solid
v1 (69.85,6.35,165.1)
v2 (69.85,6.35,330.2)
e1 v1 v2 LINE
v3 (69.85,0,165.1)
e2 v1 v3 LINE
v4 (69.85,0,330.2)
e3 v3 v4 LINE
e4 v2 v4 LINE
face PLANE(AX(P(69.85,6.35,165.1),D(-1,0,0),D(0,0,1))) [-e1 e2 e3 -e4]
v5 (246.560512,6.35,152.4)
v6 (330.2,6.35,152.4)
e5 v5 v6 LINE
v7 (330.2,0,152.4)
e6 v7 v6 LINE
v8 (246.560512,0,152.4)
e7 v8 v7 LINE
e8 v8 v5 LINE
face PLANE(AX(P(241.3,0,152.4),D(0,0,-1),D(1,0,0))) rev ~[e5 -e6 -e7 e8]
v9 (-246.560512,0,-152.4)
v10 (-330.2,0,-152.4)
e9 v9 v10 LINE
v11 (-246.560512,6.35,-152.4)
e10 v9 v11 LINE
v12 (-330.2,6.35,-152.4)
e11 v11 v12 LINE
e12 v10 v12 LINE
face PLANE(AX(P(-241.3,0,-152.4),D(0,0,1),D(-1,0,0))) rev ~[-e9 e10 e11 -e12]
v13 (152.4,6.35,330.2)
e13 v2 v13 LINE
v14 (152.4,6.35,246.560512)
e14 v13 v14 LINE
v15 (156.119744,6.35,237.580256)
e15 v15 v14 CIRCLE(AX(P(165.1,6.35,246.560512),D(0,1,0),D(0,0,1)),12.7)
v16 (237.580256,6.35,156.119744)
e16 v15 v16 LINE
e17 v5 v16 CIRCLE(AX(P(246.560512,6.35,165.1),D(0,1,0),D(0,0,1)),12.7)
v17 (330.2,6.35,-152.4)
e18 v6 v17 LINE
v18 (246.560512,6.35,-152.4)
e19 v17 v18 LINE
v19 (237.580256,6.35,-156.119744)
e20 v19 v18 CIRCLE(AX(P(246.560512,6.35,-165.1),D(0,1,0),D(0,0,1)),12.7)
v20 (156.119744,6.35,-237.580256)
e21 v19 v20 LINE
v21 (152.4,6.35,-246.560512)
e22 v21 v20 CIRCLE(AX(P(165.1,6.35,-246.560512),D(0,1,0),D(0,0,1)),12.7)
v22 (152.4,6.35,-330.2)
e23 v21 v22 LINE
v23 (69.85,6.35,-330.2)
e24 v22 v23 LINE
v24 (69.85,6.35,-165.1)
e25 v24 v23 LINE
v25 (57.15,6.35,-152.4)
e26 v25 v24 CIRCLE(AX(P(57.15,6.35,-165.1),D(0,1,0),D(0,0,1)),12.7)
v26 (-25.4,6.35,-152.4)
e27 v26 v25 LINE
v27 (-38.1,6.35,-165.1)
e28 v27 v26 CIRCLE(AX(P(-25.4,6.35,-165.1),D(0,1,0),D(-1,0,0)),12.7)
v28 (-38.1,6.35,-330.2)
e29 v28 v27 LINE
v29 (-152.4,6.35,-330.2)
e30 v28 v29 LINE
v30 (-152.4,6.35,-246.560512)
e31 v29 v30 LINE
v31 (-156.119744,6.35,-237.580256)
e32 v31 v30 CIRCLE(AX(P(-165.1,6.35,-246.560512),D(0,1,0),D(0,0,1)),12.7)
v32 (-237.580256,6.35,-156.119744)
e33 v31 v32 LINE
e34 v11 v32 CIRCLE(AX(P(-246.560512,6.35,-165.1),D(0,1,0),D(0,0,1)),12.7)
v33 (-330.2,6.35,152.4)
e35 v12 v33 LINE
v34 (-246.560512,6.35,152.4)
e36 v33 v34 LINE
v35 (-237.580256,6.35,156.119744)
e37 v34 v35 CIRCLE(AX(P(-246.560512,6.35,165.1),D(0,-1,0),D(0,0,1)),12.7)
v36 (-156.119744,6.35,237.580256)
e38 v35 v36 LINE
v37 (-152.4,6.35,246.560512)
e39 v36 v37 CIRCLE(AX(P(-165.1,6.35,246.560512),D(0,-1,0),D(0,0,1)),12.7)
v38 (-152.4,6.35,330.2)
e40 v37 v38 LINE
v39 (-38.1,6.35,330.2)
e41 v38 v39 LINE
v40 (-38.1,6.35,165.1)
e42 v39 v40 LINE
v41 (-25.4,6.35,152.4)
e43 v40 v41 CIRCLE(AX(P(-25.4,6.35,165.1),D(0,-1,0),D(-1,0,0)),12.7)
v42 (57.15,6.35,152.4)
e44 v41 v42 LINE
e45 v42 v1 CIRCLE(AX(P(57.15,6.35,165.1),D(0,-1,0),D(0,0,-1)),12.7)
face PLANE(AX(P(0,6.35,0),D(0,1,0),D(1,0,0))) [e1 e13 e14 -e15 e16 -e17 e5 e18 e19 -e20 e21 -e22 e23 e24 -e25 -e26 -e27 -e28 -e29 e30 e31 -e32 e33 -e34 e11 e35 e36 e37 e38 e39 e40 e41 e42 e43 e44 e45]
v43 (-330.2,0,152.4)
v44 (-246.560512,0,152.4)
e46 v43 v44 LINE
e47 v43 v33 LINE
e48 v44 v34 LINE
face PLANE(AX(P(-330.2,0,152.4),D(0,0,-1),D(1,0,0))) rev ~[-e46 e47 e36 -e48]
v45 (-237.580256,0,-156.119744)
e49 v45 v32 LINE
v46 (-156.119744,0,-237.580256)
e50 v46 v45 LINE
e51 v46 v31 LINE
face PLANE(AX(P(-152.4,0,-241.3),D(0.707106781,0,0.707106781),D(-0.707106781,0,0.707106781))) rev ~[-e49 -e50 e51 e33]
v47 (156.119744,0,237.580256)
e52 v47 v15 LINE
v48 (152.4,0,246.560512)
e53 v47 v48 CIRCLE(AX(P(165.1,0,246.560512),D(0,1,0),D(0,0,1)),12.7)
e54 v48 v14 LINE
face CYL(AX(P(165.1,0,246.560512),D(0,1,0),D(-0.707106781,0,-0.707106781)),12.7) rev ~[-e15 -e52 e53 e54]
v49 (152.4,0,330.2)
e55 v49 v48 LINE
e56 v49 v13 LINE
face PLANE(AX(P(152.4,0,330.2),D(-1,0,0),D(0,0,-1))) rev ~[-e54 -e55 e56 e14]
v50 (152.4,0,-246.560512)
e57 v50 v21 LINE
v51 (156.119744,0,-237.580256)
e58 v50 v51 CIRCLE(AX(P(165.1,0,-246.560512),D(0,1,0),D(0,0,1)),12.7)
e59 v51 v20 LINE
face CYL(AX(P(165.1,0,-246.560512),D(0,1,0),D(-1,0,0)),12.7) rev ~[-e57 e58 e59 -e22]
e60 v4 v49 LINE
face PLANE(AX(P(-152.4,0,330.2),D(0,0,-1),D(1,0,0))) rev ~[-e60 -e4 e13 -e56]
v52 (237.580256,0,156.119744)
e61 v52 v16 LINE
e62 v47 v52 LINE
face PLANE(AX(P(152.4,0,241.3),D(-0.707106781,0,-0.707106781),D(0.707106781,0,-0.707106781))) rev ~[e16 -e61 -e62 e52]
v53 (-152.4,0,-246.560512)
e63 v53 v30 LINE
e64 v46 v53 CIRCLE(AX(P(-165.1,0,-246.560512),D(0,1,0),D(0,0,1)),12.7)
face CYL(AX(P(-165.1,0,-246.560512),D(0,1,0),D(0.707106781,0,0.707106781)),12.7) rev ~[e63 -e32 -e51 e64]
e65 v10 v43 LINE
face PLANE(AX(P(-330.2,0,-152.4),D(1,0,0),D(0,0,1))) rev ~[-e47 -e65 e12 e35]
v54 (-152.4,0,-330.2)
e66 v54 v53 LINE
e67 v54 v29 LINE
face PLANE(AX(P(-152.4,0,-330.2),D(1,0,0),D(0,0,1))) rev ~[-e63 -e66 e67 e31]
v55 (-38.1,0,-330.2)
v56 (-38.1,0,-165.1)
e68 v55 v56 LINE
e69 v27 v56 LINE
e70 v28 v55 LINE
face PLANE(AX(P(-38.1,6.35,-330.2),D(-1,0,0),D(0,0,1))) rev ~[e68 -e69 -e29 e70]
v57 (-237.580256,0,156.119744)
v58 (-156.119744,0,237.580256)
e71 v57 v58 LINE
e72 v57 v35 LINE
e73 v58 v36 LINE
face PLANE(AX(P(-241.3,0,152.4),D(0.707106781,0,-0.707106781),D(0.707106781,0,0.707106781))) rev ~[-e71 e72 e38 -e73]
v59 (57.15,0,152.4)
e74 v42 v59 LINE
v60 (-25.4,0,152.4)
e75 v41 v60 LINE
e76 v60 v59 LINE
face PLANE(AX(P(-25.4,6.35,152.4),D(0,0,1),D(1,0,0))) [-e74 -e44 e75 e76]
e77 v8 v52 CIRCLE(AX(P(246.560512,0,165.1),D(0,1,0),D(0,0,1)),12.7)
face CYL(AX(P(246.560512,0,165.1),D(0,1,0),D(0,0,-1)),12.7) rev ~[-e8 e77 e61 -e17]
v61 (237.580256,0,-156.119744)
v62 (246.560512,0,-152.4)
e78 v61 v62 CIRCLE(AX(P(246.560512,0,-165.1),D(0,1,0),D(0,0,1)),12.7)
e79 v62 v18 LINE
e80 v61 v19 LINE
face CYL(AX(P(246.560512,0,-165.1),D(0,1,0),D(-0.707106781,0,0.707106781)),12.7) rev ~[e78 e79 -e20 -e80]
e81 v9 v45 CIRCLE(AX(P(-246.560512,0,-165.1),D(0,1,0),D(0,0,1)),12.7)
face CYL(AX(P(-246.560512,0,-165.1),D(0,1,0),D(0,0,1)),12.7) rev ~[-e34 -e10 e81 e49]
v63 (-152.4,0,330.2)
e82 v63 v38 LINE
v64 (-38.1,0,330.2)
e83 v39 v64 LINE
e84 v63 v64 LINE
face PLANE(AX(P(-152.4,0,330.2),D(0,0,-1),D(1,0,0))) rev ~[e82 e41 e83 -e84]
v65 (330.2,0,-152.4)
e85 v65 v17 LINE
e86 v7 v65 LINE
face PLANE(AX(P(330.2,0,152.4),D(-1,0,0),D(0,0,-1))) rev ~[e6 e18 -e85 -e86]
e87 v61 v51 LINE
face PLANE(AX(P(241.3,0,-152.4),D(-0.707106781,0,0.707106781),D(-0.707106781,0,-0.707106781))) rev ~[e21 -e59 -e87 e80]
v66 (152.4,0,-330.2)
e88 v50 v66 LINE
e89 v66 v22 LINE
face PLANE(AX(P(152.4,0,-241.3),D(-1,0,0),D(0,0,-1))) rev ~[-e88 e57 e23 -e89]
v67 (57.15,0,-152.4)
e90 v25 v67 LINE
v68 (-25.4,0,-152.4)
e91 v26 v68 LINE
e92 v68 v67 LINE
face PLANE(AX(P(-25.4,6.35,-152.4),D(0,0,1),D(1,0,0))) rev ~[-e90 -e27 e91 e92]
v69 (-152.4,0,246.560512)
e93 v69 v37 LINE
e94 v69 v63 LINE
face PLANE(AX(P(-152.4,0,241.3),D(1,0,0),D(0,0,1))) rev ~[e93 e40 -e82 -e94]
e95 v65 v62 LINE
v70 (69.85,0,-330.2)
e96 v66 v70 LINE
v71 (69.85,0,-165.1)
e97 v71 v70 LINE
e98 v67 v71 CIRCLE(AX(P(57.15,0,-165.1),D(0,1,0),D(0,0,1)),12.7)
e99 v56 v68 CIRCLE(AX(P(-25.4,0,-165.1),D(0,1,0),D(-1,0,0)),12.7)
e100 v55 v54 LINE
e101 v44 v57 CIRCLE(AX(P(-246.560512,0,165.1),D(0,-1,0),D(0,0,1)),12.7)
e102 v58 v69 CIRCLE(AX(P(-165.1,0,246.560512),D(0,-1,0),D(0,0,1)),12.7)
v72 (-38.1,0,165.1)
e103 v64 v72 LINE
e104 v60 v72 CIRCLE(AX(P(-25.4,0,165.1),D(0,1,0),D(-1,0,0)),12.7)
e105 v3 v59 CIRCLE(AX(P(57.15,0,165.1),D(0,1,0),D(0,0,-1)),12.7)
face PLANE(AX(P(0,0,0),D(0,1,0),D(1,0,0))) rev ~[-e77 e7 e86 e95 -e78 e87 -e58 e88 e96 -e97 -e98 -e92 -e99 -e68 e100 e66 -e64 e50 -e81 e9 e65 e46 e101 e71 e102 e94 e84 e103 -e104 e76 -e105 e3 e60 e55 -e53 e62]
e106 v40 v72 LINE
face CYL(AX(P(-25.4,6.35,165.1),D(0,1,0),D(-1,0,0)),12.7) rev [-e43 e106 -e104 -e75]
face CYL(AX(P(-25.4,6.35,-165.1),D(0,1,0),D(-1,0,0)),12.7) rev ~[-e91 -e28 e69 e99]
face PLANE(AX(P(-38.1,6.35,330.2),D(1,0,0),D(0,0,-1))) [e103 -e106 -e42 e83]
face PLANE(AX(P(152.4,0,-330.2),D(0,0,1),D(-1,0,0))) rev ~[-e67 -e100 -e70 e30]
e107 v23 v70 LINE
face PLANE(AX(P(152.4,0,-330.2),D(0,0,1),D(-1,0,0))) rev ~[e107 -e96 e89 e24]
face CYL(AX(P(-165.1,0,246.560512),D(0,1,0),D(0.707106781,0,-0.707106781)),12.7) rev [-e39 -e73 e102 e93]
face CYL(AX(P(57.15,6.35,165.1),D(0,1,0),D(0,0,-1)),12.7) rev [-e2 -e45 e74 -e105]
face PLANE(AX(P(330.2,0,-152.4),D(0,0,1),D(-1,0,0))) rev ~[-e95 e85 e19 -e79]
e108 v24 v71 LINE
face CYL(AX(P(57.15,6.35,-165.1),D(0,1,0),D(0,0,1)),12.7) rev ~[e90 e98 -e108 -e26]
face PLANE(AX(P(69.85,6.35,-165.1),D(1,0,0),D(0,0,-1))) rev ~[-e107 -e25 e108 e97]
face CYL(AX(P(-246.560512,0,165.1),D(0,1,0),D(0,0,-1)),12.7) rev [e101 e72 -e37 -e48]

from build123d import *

# Parameters (mm, degrees)
BOSS_EXTRUDE1_DEPTH = 6.35
CUT_EXTRUDE2_DEPTH  = 468.016490608
FILLET1_R           = 12.7


with BuildPart() as part:
    # Sketch1 → Boss-Extrude1 (new body)
    with BuildSketch(Plane(origin=(0, 0, 0), x_dir=(1, 0, 0), z_dir=(0, 1, 0))):
        Polygon((-330.2, 152.4), (-330.2, -152.4), (-241.3, -152.4), (-152.4, -241.3), (-152.4, -330.2), (152.4, -330.2), (152.4, -241.3), (241.3, -152.4), (330.2, -152.4), (330.2, 152.4), (241.3, 152.4), (152.4, 241.3), (152.4, 330.2), (-152.4, 330.2), (-152.4, 241.3), (-241.3, 152.4), align=None)
    extrude(amount=BOSS_EXTRUDE1_DEPTH)

    # Sketch3 → Cut-Extrude2 (cut, through all)
    with BuildSketch(Plane(origin=(0, 6.35, 0), x_dir=(1, 0, 0), z_dir=(0, 1, 0))):
        with BuildLine():
            Line((69.85, 330.2), (-38.1, 330.2))
            Line((-38.1, 330.2), (-38.1, 165.1))
            ThreePointArc((-38.1, 165.1), (-34.380256121, 156.119743879), (-25.4, 152.4))
            Line((-25.4, 152.4), (57.15, 152.4))
            ThreePointArc((57.15, 152.4), (66.130256121, 156.119743879), (69.85, 165.1))
            Line((69.85, 165.1), (69.85, 330.2))
        make_face()
        with BuildLine():
            Line((69.85, -330.2), (-38.1, -330.2))
            Line((-38.1, -330.2), (-38.1, -165.1))
            ThreePointArc((-38.1, -165.1), (-34.380256121, -156.119743879), (-25.4, -152.4))
            Line((-25.4, -152.4), (57.15, -152.4))
            ThreePointArc((57.15, -152.4), (66.130256121, -156.119743879), (69.85, -165.1))
            Line((69.85, -165.1), (69.85, -330.2))
        make_face()
    extrude(amount=-CUT_EXTRUDE2_DEPTH, mode=Mode.SUBTRACT)

    # Fillet1
    fillet1_edges = [part.edges().sort_by_distance(p)[0] for p in [
        (152.4, 3.175, 241.3),
        (-152.4, 3.175, 241.3),
        (-241.3, 3.175, 152.4),
        (-241.3, 3.175, -152.4),
        (-152.4, 3.175, -241.3),
        (152.4, 3.175, -241.3),
        (241.3, 3.175, -152.4),
        (241.3, 3.175, 152.4),
    ]]
    fillet(fillet1_edges, radius=FILLET1_R)


solid = part.part
